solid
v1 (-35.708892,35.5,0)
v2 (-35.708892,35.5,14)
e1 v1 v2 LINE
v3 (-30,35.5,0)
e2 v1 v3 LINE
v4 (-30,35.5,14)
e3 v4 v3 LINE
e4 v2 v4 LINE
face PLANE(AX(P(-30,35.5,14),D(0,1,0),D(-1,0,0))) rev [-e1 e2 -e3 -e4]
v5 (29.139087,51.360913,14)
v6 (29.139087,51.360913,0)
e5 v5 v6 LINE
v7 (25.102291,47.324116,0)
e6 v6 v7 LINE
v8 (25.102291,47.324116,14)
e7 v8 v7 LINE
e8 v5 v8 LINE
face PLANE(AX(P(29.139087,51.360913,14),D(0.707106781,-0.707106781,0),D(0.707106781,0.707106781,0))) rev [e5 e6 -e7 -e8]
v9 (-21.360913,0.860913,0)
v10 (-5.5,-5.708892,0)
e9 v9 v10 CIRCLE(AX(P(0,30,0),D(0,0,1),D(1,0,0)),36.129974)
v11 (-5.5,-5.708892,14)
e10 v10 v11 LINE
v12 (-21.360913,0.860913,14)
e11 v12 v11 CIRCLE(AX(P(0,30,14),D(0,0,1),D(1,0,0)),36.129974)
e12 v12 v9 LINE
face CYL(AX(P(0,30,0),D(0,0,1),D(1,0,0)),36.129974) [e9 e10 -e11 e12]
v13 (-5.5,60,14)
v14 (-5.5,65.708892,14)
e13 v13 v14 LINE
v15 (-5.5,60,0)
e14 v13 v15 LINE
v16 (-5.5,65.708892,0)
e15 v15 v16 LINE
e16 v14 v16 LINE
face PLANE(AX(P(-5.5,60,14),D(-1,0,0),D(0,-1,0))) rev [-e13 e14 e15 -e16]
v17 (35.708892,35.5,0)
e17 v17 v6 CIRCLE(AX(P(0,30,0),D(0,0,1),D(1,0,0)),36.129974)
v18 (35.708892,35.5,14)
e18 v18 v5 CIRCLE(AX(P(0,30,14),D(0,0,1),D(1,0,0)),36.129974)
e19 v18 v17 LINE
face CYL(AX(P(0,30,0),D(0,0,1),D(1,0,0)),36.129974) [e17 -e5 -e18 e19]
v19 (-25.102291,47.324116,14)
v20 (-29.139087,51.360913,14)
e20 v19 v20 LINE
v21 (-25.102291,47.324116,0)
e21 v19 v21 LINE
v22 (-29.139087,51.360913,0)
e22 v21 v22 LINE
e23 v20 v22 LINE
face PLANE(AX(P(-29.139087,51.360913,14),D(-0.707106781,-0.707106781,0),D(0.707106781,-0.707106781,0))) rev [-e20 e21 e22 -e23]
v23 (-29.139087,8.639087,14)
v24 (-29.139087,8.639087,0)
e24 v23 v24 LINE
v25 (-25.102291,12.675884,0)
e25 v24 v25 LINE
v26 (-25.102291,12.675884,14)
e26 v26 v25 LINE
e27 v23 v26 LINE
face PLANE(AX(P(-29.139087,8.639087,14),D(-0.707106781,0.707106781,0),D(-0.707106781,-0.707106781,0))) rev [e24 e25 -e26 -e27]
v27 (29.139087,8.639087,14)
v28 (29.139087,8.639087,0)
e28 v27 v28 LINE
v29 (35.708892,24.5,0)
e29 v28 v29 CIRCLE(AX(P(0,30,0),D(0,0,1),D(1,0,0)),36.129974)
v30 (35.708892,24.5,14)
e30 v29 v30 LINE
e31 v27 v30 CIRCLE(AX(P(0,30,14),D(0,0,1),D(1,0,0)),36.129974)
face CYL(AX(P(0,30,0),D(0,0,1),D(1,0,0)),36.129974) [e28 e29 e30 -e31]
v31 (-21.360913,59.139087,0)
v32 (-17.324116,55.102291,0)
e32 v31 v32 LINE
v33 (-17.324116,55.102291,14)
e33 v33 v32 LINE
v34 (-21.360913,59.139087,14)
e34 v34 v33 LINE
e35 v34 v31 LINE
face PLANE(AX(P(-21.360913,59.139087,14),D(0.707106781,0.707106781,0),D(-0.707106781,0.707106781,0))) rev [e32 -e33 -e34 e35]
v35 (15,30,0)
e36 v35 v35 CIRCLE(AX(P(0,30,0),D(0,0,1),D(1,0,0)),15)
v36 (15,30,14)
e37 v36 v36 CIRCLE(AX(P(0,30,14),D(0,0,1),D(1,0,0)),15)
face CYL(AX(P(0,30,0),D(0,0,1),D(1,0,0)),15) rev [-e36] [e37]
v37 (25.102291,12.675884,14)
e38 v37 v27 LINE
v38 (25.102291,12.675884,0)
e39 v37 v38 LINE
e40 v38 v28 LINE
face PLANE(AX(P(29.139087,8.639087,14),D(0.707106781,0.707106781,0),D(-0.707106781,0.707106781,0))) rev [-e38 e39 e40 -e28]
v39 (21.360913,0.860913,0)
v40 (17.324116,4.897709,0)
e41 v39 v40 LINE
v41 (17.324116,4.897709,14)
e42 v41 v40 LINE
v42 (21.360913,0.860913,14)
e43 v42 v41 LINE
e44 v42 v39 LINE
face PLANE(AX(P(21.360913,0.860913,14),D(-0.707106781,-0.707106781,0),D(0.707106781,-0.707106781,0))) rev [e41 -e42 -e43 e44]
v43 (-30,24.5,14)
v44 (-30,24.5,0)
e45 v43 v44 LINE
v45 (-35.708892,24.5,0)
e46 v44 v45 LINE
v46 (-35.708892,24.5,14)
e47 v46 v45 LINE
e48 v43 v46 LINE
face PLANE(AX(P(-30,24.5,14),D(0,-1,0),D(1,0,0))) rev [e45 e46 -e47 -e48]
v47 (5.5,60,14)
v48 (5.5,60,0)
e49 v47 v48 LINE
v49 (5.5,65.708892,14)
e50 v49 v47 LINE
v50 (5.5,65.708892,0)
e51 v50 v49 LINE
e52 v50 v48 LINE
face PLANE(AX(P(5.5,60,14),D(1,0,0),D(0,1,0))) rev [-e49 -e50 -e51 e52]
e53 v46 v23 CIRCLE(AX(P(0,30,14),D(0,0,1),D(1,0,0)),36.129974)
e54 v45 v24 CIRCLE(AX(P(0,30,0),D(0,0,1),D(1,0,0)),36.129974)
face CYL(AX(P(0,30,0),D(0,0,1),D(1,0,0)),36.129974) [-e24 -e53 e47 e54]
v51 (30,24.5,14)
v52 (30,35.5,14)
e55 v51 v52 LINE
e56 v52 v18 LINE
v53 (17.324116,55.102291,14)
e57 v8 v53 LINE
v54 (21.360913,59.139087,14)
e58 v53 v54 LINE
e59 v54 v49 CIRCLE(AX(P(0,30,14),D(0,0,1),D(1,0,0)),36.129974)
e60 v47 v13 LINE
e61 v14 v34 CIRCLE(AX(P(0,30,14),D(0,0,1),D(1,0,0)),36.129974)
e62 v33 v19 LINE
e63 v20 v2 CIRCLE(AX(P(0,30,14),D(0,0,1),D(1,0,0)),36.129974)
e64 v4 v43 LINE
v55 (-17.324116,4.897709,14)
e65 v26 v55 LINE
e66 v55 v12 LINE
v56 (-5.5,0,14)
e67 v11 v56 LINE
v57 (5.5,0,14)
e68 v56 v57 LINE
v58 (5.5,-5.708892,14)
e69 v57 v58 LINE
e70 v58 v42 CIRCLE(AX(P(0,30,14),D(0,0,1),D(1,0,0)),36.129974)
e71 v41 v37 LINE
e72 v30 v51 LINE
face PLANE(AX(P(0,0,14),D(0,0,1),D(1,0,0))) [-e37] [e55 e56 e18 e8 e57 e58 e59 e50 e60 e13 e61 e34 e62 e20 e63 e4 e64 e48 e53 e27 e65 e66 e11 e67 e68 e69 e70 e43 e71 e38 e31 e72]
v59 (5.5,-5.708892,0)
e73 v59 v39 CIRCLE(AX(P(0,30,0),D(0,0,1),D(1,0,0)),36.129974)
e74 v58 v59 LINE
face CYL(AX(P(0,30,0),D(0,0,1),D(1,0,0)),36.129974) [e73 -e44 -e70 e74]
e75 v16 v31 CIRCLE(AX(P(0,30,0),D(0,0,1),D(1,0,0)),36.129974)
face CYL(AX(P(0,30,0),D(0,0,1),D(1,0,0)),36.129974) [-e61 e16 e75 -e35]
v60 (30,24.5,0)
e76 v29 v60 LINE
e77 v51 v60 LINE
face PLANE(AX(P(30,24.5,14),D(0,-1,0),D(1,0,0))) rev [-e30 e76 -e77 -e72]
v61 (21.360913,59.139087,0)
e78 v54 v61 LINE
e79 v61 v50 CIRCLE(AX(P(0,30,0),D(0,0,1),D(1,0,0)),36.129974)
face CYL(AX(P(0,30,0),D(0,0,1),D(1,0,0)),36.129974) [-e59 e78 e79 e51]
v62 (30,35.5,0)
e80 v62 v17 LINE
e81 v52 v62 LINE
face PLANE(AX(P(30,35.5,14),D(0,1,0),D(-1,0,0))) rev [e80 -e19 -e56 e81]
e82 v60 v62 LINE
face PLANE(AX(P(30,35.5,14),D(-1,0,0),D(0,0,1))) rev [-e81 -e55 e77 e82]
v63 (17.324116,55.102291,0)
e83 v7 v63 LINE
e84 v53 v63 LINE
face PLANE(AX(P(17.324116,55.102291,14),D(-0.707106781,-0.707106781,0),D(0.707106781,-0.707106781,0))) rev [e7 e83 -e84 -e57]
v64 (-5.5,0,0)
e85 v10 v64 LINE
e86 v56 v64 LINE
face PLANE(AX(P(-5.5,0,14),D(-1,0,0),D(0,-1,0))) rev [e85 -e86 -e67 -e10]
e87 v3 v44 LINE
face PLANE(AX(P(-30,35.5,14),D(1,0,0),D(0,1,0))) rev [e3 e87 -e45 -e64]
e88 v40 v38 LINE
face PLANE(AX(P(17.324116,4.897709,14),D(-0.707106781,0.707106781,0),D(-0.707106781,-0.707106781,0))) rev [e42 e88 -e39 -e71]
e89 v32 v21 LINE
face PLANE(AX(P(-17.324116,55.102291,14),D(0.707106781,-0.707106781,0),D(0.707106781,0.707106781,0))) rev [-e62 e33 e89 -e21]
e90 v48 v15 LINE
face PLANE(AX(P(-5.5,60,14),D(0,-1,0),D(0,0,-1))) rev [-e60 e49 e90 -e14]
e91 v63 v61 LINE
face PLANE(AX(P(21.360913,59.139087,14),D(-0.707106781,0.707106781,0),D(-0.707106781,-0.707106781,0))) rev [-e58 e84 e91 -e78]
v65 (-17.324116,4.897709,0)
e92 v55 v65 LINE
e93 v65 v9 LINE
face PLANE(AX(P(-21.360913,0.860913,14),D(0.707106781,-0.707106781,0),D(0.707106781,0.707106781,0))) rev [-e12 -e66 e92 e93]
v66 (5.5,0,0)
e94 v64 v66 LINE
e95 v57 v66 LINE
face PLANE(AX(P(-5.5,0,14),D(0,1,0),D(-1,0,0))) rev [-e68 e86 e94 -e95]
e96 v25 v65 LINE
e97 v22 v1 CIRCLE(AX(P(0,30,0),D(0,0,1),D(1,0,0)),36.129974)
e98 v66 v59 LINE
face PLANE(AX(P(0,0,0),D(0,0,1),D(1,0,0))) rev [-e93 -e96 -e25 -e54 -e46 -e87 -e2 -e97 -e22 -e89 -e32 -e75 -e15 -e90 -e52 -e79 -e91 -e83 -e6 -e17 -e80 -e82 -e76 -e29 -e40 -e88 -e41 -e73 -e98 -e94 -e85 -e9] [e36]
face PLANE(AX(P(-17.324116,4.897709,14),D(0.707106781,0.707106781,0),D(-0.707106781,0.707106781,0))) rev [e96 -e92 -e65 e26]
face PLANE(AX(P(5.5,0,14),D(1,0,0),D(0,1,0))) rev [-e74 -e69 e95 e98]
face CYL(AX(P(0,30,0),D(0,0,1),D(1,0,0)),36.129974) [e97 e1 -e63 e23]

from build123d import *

# Parameters (mm, degrees)
BOSS_EXTRU_1_DEPTH           = 14
ENL_V_MAT_EXTRU_1_DEPTH      = 89.577649551
ENL_V_MAT_EXTRU_1_DEPTH_BACK = 89.577649551
ESQUISSE2_R                  = 15
ESQUISSE3_R                  = 45.33486517
ESQUISSE3_R_2                = 36.129973706
ENL_V_MAT_EXTRU_2_DEPTH      = 89.577649551


with BuildPart() as part:
    # Esquisse1 → Boss.-Extru.1 (new body)
    with BuildSketch(Plane.XY):
        Polygon((-5.5, 0), (5.5, 0), (5.5, -15), (21.360912703, 0.860912703), (17.324116139, 4.897709268), (25.102290732, 12.675883861), (29.139087297, 8.639087297), (45, 24.5), (30, 24.5), (30, 35.5), (45, 35.5), (29.139087297, 51.360912703), (25.102290732, 47.324116139), (17.324116139, 55.102290732), (21.360912703, 59.139087297), (5.5, 75), (5.5, 60), (-5.5, 60), (-5.5, 75), (-21.360912703, 59.139087297), (-17.324116139, 55.102290732), (-25.102290732, 47.324116139), (-29.139087297, 51.360912703), (-45, 35.5), (-30, 35.5), (-30, 24.5), (-45, 24.5), (-29.139087297, 8.639087297), (-25.102290732, 12.675883861), (-17.324116139, 4.897709268), (-21.360912703, 0.860912703), (-5.5, -15), align=None)
    extrude(amount=BOSS_EXTRU_1_DEPTH)

    # Esquisse2 → Enlèv. mat.-Extru.1 (cut, two sides: drawn at the far end of the back side and taken through both)
    with BuildSketch(Plane.XY.offset(14).offset(-ENL_V_MAT_EXTRU_1_DEPTH_BACK)):
        with Locations((0, 30)):
            Circle(ESQUISSE2_R)
    extrude(amount=ENL_V_MAT_EXTRU_1_DEPTH + ENL_V_MAT_EXTRU_1_DEPTH_BACK, mode=Mode.SUBTRACT)

    # Esquisse3 → Enlèv. mat.-Extru.2 (cut, through all)
    with BuildSketch(Plane.XY.offset(14)):
        with Locations((0, 30)):
            Circle(ESQUISSE3_R)
        with Locations((0, 30)):
            Circle(ESQUISSE3_R_2, mode=Mode.SUBTRACT)
    extrude(amount=-ENL_V_MAT_EXTRU_2_DEPTH, mode=Mode.SUBTRACT)


solid = part.part
